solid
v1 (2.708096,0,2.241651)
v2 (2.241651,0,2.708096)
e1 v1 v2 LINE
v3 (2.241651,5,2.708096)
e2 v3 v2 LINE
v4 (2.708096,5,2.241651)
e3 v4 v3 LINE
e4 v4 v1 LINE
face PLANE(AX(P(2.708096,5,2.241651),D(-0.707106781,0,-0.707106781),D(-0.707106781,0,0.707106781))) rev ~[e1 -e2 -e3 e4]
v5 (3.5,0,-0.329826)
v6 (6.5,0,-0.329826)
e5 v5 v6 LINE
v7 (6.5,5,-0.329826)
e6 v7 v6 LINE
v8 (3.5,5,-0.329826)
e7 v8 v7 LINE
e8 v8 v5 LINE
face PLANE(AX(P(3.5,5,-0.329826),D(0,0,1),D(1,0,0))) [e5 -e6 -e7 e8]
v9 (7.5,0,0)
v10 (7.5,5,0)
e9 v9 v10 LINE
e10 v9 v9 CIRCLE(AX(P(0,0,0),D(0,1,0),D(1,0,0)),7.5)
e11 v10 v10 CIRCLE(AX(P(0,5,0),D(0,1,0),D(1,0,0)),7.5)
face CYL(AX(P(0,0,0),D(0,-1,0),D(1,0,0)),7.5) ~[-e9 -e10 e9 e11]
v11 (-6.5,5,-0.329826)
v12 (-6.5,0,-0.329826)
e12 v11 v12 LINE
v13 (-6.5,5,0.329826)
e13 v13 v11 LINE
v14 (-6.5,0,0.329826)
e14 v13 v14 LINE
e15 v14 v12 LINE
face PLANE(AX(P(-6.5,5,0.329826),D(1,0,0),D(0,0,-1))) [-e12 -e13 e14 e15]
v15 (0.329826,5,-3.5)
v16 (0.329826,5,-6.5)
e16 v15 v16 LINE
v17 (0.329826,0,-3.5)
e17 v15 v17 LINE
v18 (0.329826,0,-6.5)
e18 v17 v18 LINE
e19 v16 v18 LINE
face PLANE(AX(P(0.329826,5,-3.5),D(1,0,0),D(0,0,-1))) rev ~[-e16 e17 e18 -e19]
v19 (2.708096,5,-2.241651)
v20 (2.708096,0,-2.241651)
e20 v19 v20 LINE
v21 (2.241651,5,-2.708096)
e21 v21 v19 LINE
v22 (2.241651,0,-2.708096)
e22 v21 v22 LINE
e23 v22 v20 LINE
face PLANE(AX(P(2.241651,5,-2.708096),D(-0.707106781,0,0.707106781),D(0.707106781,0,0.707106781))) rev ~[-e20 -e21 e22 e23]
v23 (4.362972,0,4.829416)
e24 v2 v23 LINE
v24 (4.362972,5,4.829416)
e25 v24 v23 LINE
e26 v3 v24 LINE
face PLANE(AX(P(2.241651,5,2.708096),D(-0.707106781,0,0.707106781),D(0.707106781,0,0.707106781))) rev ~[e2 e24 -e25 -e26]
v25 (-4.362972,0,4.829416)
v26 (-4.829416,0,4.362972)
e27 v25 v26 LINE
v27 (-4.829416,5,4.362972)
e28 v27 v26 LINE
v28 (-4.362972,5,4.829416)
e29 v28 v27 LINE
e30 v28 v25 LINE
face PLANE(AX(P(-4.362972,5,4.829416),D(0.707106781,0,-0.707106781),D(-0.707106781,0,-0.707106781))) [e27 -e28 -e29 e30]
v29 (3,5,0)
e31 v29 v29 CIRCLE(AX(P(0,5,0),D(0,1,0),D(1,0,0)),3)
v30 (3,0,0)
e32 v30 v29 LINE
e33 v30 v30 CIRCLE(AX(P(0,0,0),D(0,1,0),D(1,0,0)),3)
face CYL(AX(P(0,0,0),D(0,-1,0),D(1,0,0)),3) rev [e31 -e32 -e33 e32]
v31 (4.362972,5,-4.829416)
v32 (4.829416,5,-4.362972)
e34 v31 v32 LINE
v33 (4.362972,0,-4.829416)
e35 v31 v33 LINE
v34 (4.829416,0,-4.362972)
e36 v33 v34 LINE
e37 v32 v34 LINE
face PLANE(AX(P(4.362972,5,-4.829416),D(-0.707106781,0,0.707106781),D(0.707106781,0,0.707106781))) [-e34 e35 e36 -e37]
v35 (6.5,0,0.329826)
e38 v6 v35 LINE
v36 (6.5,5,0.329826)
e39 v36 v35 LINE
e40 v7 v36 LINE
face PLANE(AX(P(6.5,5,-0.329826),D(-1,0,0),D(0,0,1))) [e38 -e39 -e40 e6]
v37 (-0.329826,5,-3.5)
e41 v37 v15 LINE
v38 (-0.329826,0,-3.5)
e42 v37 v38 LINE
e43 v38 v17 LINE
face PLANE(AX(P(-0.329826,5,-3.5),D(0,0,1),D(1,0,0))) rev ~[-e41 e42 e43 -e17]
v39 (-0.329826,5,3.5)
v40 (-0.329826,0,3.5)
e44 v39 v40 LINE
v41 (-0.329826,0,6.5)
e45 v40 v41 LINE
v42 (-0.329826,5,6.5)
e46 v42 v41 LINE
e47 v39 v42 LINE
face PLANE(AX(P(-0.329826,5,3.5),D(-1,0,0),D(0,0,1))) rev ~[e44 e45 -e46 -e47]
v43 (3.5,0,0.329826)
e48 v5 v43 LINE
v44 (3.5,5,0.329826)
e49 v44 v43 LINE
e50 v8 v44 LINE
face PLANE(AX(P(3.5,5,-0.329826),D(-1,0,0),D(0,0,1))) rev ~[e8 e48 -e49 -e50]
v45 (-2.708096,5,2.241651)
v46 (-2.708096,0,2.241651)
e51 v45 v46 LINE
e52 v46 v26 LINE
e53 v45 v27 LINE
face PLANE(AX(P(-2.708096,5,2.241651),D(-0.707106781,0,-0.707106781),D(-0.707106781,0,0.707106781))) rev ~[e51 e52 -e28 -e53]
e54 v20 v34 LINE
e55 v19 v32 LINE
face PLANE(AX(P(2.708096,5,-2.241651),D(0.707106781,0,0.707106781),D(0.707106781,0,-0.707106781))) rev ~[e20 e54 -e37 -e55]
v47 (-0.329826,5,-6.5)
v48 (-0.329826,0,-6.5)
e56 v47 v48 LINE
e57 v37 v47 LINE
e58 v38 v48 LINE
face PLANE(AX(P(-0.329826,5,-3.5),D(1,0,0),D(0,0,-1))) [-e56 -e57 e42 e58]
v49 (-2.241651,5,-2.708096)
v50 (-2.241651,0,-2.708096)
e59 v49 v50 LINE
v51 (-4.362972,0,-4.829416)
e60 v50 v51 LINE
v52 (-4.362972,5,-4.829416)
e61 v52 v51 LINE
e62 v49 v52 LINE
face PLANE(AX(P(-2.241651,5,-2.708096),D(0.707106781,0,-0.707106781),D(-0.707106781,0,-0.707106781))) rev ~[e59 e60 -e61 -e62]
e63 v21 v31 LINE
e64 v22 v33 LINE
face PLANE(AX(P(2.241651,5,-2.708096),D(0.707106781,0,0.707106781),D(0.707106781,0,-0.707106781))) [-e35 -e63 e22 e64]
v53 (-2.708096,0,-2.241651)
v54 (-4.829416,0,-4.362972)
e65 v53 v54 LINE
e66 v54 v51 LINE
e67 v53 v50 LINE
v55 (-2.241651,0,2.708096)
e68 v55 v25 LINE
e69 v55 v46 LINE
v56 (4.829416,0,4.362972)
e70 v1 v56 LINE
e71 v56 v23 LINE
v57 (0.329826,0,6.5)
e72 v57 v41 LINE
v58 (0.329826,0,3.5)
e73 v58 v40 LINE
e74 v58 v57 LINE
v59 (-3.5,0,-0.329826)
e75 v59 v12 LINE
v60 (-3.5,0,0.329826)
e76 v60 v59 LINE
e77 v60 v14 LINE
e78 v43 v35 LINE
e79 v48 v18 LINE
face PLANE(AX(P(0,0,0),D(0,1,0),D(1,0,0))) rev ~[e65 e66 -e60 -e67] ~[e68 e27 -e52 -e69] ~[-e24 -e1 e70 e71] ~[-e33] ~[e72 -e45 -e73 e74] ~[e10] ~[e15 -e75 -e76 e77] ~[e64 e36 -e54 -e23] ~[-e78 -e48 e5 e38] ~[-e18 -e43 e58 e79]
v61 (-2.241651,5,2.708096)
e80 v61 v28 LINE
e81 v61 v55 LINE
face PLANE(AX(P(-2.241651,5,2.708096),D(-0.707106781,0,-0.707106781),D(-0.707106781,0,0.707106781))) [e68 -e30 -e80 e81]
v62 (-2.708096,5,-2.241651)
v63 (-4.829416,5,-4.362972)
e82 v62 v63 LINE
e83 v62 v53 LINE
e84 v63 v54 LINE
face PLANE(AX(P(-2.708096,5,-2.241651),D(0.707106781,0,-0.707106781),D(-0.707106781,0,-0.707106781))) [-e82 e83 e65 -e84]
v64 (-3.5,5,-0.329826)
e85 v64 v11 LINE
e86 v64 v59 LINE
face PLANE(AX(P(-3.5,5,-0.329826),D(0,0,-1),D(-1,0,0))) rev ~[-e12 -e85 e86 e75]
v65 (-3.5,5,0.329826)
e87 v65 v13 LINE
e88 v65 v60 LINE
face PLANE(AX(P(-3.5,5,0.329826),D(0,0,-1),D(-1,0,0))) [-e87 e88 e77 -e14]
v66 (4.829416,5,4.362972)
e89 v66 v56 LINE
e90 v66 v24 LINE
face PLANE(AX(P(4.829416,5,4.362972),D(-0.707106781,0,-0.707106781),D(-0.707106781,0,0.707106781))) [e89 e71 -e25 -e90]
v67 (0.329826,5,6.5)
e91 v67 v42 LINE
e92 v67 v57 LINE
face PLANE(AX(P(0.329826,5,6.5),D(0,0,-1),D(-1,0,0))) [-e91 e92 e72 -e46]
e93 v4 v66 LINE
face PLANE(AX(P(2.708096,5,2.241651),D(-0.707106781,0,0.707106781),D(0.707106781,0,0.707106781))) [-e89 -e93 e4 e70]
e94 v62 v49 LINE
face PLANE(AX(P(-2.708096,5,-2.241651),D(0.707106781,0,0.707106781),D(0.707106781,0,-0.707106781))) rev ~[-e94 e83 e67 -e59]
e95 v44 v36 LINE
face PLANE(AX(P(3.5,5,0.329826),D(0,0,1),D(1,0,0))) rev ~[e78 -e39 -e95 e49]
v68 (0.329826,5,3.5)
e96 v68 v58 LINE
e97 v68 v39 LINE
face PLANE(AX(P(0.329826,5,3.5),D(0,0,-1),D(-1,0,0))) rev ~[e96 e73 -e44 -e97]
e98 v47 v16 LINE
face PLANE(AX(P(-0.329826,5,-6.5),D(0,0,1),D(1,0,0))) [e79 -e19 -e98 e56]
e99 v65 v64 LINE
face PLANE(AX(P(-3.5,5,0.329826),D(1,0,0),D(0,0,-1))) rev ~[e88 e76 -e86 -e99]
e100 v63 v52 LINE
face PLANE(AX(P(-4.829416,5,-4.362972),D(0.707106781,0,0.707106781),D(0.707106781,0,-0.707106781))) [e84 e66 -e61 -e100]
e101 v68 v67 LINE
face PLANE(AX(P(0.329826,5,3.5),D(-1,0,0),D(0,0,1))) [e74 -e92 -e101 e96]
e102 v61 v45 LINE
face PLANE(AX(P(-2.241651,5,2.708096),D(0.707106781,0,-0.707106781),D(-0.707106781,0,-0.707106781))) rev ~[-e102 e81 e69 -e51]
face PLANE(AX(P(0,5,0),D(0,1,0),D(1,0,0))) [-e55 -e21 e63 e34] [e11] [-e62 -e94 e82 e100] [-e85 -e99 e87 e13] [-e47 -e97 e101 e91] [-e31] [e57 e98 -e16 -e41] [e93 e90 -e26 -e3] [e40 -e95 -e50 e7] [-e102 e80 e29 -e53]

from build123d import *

# Parameters (mm, degrees)
SKETCH_1_R               = 7.5
SKETCH_1_R_2             = 3
EXTRUDE_1_DEPTH          = 5
SKETCH_2_W               = 0.65965233
SKETCH_2_H               = 3
CUT_EXTRUDE_1_DEPTH      = 10
PATTERN_CIRCULAR_1_COUNT = 8


with BuildPart() as part:
    # Эскиз1 → Бобышка-Вытянуть1 (new body)
    with BuildSketch(Plane(origin=(0, 0, 0), x_dir=(1, 0, 0), z_dir=(0, 1, 0))):
        Circle(SKETCH_1_R)
        Circle(SKETCH_1_R_2, mode=Mode.SUBTRACT)
    extrude(amount=EXTRUDE_1_DEPTH)

    # Эскиз2 → Вырез-Вытянуть1 (cut)
    with BuildSketch(Plane(origin=(0, 5, 0), x_dir=(1, 0, 0), z_dir=(0, 1, 0))):
        with Locations((0, 5)):
            Rectangle(SKETCH_2_W, SKETCH_2_H)
    cut_extrude_1 = extrude(amount=-CUT_EXTRUDE_1_DEPTH, mode=Mode.SUBTRACT)

    # Круговой массив1: Вырез-Вытянуть1 ×8 about axis
    pattern_circular_1_axis = Axis((0, 0, 0), (0, 1, 0))
    for i in range(1, PATTERN_CIRCULAR_1_COUNT):
        add(cut_extrude_1.rotate(pattern_circular_1_axis, i * 360 / PATTERN_CIRCULAR_1_COUNT), mode=Mode.SUBTRACT)


solid = part.part
